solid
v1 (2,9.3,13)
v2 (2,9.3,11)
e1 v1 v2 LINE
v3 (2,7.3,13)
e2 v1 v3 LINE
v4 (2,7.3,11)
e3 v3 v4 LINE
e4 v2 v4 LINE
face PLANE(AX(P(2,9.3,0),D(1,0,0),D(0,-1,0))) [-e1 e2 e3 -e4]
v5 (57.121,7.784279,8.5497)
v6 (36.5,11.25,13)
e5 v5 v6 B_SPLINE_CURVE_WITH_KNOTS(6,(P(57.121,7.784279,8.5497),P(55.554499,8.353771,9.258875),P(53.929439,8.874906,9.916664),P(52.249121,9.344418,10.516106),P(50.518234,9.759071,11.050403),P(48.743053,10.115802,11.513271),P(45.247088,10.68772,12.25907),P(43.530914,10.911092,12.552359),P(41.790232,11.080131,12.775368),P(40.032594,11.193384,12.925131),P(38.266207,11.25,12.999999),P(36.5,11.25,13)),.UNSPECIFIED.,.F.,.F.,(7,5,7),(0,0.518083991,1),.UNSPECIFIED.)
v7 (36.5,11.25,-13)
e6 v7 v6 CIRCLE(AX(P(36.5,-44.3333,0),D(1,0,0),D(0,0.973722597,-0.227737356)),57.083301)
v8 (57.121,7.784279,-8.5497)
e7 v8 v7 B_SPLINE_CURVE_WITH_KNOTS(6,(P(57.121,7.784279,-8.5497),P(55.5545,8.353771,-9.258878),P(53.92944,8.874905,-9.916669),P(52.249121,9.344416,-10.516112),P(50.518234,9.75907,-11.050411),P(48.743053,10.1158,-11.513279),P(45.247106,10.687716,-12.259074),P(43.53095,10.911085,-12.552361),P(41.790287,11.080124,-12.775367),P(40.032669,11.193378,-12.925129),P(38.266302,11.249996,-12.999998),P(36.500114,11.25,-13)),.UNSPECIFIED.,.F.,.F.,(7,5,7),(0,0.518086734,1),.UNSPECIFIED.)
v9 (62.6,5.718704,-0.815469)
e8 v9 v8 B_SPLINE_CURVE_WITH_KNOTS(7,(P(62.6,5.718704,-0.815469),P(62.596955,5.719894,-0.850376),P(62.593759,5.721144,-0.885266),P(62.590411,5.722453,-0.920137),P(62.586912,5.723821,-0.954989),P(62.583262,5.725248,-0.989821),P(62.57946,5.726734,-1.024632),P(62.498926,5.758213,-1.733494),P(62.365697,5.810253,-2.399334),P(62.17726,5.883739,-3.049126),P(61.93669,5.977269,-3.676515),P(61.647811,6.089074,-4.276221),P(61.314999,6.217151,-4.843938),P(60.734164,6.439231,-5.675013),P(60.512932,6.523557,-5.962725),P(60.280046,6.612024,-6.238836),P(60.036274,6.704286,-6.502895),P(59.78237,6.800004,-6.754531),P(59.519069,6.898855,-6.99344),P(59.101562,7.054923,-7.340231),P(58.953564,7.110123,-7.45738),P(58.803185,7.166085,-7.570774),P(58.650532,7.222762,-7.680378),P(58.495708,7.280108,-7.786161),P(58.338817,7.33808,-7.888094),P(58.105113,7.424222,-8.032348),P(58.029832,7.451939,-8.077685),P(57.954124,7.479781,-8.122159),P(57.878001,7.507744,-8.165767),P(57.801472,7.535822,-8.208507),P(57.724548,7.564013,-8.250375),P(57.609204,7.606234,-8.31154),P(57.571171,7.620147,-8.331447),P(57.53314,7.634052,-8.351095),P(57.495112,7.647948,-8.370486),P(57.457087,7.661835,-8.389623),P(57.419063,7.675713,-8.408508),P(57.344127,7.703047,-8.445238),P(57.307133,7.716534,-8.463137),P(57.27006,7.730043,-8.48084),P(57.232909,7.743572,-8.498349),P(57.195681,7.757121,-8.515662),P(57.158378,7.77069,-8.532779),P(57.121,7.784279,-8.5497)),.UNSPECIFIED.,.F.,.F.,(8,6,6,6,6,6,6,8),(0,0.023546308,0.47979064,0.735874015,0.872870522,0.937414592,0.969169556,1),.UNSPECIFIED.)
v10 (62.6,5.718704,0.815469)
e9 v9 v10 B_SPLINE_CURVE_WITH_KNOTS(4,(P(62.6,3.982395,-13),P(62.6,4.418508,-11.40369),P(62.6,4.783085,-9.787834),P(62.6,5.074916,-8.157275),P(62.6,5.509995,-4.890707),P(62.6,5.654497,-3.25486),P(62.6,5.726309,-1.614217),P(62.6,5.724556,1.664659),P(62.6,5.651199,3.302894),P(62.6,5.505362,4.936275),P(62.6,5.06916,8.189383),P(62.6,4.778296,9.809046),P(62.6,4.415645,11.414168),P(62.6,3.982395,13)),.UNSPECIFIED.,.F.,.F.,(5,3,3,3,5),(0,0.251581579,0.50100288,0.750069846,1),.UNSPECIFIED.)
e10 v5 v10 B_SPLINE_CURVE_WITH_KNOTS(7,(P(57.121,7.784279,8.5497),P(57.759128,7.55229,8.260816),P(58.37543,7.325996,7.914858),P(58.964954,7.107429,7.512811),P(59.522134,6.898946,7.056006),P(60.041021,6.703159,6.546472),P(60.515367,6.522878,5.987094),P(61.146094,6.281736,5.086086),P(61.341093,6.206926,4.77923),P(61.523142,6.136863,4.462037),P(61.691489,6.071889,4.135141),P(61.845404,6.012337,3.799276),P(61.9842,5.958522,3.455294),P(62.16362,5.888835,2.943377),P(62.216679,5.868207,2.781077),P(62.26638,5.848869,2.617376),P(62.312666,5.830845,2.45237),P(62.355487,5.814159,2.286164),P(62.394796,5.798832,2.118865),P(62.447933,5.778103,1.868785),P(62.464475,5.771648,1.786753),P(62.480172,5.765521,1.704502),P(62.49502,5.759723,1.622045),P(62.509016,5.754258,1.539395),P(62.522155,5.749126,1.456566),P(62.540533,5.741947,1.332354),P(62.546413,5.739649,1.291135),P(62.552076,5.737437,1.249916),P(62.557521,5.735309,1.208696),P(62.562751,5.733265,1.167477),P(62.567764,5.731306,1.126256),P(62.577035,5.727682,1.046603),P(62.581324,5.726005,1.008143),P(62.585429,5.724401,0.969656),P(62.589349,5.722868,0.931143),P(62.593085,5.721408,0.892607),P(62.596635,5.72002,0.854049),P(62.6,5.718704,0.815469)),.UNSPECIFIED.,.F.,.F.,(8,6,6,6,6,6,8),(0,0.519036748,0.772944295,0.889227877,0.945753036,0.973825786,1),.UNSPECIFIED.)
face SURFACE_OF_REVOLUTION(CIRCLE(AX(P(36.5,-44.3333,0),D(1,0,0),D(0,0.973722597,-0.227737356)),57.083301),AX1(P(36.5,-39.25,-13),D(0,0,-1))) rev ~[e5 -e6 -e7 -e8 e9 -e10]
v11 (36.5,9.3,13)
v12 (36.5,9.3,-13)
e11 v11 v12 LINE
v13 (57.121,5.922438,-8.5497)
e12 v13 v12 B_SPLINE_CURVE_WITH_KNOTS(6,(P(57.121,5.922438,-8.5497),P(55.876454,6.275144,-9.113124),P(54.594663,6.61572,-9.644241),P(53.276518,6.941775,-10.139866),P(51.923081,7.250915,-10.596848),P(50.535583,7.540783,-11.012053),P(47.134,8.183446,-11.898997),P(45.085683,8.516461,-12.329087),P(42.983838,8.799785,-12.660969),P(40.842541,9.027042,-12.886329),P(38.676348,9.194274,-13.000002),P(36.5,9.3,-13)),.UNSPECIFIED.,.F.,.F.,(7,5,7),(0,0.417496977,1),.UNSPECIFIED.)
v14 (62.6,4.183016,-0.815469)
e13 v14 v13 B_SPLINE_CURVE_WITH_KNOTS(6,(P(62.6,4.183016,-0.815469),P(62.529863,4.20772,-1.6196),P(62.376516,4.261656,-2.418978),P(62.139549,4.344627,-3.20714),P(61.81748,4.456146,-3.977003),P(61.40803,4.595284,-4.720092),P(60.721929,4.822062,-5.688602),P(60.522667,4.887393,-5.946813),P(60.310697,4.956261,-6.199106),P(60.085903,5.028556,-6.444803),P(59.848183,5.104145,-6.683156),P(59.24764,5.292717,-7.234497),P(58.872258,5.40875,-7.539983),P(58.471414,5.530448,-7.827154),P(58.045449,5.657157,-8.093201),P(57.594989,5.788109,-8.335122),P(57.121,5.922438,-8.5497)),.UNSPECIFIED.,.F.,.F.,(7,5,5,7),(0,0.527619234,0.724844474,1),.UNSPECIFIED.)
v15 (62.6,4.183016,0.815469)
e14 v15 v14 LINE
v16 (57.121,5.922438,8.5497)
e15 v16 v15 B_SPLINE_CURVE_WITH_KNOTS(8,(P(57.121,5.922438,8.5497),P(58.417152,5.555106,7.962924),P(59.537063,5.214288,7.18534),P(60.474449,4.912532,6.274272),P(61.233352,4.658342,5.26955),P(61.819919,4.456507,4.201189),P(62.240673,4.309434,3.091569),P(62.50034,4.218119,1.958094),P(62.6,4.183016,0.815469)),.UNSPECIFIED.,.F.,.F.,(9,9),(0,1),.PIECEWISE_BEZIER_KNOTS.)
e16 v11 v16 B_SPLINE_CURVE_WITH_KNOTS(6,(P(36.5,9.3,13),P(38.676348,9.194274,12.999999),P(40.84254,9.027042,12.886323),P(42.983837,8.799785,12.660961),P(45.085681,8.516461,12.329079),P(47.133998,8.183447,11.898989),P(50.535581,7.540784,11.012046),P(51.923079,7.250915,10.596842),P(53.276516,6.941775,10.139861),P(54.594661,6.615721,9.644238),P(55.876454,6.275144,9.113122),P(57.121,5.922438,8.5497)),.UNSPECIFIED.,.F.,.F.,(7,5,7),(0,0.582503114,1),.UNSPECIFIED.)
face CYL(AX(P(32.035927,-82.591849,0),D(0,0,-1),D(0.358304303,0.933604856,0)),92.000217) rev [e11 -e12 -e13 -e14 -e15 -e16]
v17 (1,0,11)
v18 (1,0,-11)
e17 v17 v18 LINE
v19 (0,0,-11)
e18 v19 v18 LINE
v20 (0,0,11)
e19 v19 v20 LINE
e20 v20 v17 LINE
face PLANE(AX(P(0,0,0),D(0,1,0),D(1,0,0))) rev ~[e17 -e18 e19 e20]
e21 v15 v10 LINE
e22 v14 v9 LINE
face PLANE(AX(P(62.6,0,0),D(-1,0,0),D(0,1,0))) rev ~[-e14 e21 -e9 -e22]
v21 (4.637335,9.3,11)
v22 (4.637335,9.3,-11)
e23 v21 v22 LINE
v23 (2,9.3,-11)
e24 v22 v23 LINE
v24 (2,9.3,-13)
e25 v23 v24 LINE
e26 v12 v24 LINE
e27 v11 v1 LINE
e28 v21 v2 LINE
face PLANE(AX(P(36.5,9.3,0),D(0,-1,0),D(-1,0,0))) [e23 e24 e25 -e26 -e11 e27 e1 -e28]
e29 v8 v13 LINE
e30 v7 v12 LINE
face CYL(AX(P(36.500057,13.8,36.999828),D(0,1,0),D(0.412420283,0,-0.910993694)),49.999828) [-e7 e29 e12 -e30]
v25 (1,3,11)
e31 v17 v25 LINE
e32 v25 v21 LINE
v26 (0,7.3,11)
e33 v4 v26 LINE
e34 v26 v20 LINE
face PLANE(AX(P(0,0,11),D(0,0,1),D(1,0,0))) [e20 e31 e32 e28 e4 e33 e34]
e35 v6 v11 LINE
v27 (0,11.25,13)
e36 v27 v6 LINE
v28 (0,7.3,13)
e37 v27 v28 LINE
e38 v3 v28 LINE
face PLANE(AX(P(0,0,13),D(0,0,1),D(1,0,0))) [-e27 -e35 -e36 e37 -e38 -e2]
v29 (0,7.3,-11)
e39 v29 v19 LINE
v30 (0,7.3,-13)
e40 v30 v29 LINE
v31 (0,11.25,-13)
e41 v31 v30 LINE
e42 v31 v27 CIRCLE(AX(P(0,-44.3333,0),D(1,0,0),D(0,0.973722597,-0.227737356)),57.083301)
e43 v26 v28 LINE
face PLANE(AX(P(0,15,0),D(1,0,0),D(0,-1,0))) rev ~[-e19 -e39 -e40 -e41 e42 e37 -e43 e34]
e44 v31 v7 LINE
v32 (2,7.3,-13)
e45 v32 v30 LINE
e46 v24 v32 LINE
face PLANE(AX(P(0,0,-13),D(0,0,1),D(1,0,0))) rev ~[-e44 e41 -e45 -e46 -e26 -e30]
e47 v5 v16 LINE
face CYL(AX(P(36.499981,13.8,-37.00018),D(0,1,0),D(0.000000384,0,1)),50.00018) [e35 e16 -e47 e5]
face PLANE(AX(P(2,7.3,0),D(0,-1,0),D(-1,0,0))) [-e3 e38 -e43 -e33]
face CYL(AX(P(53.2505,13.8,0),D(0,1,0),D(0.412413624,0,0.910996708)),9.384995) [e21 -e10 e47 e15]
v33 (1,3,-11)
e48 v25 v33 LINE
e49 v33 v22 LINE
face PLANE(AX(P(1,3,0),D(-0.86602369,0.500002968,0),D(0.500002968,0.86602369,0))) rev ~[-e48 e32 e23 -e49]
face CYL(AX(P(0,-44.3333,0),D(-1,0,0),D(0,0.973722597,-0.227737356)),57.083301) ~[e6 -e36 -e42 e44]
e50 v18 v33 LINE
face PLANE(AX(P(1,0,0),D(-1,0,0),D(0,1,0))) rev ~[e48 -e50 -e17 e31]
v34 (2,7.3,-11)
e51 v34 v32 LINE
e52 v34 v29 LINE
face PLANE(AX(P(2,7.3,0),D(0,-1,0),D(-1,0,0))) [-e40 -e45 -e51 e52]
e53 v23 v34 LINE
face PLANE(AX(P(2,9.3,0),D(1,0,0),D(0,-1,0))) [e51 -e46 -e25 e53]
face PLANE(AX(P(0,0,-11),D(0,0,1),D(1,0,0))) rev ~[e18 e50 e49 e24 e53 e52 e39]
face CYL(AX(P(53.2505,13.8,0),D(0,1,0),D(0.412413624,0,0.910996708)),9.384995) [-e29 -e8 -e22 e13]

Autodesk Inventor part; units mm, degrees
sketch "Sketch_26" plane through (0, 0, 0) normal (0, 0, 1) x (1, 0, 0)
  line L0 (0, 15) -> (0, 0)
  line L1 (0, 0) -> (62.6, 0)
  line L2 (62.6, 0) -> (62.6, 15)
  line L3 (62.6, 15) -> (0, 15)
extrude "Extrusion1" add sketch "Sketch_26" along normal mid plane 26
sketch "Sketch_1" plane through (0, 0, 0) normal (1, 0, 0) x (0, 0, -1)
  arc A0 (13, 11.25) -> (-13, 11.25) centre (0, -44.3333) ccw
  line L0 (13, 11.25) -> (13, 20.75)
  line L1 (13, 20.75) -> (-13, 20.75)
  line L2 (-13, 20.75) -> (-13, 11.25)
extrude "Extrusion2" cut sketch "Sketch_1" along normal blind 36.5
sketch "Sketch_12" plane through (0, 13.8, 0) normal (0, 1, 0) x (1, 0, 0)
  line L0 (-1, 16) -> (-1, -14)
  line L1 (-1, -14) -> (64, -14)
  line L2 (64, -14) -> (64, 16)
  line L3 (64, 16) -> (-1, 16)
  line L4 (0, 13) -> (0, -13)
  line L5 (0, -13) -> (36.5, -13)
  arc A0 (36.5, -13) -> (57.121, -8.5497) centre (36.5, 37) ccw
  arc A1 (57.121, -8.5497) -> (57.121, 8.5497) centre (53.2505, 0) ccw
  arc A2 (57.121, 8.5497) -> (36.5, 13) centre (36.5, -37) ccw
  line L6 (36.5, 13) -> (0, 13)
extrude "Extrusion3" cut sketch "Sketch_12" against normal blind 15
sketch "Sketch_3" plane through (36.5, 0, 0) normal (1, 0, 0) x (0, 0, -1)
  line L0 (13, -39.25) -> (-13, -39.25)
  arc A0 (13, 11.25) -> (-13, 11.25) centre (0, -44.3333) ccw
  line L1 (13, 11.25) -> (13, 25.75)
  line L2 (13, 25.75) -> (-13, 25.75)
  line L3 (-13, 25.75) -> (-13, 11.25)
revolve "Revolution1" cut sketch "Sketch_3" angle 35 about axis through (36.5, -39.25, -13) along (0, 0, -1)
sketch "Sketch_2" plane through (0, 0, 0) normal (0, 0, 1) x (1, 0, 0)
  line L0 (0, 7.3) -> (0, -51.7)
  line L1 (0, -51.7) -> (65, -51.7)
  line L2 (65, -51.7) -> (65, 3.3)
  arc A0 (65, 3.3) -> (36.5, 9.3) centre (32.036, -82.5916) ccw
  line L3 (36.5, 9.3) -> (2, 9.3)
  line L4 (2, 9.3) -> (2, 7.3)
  line L5 (2, 7.3) -> (0, 7.3)
extrude "Extrusion4" cut sketch "Sketch_2" along normal mid plane 26
sketch "Sketch_24" plane through (0, 0, 0) normal (0, 0, 1) x (1, 0, 0)
  line L0 (0, 10.75) -> (0, 0)
  line L1 (0, 0) -> (1, 0)
  line L2 (1, 0) -> (1, 3)
  line L3 (1, 3) -> (5.4745, 10.75)
  line L4 (5.4745, 10.75) -> (0, 10.75)
extrude "Extrusion5" add sketch "Sketch_24" along normal mid plane 22
ref_plane "AK_XY" through (0, -0.05, 0) normal (-1, 0, 0) x (0, 0, -1)
ref_plane "AK_YZ" through (0, -0.05, 0) normal (0, 0, -1) x (0, -1, 0)
ref_plane "AK_ZX" through (0, -0.05, 0) normal (0, -1, 0) x (-1, 0, 0)
properties part number "EGC-80-TB-KF_(AK)"
